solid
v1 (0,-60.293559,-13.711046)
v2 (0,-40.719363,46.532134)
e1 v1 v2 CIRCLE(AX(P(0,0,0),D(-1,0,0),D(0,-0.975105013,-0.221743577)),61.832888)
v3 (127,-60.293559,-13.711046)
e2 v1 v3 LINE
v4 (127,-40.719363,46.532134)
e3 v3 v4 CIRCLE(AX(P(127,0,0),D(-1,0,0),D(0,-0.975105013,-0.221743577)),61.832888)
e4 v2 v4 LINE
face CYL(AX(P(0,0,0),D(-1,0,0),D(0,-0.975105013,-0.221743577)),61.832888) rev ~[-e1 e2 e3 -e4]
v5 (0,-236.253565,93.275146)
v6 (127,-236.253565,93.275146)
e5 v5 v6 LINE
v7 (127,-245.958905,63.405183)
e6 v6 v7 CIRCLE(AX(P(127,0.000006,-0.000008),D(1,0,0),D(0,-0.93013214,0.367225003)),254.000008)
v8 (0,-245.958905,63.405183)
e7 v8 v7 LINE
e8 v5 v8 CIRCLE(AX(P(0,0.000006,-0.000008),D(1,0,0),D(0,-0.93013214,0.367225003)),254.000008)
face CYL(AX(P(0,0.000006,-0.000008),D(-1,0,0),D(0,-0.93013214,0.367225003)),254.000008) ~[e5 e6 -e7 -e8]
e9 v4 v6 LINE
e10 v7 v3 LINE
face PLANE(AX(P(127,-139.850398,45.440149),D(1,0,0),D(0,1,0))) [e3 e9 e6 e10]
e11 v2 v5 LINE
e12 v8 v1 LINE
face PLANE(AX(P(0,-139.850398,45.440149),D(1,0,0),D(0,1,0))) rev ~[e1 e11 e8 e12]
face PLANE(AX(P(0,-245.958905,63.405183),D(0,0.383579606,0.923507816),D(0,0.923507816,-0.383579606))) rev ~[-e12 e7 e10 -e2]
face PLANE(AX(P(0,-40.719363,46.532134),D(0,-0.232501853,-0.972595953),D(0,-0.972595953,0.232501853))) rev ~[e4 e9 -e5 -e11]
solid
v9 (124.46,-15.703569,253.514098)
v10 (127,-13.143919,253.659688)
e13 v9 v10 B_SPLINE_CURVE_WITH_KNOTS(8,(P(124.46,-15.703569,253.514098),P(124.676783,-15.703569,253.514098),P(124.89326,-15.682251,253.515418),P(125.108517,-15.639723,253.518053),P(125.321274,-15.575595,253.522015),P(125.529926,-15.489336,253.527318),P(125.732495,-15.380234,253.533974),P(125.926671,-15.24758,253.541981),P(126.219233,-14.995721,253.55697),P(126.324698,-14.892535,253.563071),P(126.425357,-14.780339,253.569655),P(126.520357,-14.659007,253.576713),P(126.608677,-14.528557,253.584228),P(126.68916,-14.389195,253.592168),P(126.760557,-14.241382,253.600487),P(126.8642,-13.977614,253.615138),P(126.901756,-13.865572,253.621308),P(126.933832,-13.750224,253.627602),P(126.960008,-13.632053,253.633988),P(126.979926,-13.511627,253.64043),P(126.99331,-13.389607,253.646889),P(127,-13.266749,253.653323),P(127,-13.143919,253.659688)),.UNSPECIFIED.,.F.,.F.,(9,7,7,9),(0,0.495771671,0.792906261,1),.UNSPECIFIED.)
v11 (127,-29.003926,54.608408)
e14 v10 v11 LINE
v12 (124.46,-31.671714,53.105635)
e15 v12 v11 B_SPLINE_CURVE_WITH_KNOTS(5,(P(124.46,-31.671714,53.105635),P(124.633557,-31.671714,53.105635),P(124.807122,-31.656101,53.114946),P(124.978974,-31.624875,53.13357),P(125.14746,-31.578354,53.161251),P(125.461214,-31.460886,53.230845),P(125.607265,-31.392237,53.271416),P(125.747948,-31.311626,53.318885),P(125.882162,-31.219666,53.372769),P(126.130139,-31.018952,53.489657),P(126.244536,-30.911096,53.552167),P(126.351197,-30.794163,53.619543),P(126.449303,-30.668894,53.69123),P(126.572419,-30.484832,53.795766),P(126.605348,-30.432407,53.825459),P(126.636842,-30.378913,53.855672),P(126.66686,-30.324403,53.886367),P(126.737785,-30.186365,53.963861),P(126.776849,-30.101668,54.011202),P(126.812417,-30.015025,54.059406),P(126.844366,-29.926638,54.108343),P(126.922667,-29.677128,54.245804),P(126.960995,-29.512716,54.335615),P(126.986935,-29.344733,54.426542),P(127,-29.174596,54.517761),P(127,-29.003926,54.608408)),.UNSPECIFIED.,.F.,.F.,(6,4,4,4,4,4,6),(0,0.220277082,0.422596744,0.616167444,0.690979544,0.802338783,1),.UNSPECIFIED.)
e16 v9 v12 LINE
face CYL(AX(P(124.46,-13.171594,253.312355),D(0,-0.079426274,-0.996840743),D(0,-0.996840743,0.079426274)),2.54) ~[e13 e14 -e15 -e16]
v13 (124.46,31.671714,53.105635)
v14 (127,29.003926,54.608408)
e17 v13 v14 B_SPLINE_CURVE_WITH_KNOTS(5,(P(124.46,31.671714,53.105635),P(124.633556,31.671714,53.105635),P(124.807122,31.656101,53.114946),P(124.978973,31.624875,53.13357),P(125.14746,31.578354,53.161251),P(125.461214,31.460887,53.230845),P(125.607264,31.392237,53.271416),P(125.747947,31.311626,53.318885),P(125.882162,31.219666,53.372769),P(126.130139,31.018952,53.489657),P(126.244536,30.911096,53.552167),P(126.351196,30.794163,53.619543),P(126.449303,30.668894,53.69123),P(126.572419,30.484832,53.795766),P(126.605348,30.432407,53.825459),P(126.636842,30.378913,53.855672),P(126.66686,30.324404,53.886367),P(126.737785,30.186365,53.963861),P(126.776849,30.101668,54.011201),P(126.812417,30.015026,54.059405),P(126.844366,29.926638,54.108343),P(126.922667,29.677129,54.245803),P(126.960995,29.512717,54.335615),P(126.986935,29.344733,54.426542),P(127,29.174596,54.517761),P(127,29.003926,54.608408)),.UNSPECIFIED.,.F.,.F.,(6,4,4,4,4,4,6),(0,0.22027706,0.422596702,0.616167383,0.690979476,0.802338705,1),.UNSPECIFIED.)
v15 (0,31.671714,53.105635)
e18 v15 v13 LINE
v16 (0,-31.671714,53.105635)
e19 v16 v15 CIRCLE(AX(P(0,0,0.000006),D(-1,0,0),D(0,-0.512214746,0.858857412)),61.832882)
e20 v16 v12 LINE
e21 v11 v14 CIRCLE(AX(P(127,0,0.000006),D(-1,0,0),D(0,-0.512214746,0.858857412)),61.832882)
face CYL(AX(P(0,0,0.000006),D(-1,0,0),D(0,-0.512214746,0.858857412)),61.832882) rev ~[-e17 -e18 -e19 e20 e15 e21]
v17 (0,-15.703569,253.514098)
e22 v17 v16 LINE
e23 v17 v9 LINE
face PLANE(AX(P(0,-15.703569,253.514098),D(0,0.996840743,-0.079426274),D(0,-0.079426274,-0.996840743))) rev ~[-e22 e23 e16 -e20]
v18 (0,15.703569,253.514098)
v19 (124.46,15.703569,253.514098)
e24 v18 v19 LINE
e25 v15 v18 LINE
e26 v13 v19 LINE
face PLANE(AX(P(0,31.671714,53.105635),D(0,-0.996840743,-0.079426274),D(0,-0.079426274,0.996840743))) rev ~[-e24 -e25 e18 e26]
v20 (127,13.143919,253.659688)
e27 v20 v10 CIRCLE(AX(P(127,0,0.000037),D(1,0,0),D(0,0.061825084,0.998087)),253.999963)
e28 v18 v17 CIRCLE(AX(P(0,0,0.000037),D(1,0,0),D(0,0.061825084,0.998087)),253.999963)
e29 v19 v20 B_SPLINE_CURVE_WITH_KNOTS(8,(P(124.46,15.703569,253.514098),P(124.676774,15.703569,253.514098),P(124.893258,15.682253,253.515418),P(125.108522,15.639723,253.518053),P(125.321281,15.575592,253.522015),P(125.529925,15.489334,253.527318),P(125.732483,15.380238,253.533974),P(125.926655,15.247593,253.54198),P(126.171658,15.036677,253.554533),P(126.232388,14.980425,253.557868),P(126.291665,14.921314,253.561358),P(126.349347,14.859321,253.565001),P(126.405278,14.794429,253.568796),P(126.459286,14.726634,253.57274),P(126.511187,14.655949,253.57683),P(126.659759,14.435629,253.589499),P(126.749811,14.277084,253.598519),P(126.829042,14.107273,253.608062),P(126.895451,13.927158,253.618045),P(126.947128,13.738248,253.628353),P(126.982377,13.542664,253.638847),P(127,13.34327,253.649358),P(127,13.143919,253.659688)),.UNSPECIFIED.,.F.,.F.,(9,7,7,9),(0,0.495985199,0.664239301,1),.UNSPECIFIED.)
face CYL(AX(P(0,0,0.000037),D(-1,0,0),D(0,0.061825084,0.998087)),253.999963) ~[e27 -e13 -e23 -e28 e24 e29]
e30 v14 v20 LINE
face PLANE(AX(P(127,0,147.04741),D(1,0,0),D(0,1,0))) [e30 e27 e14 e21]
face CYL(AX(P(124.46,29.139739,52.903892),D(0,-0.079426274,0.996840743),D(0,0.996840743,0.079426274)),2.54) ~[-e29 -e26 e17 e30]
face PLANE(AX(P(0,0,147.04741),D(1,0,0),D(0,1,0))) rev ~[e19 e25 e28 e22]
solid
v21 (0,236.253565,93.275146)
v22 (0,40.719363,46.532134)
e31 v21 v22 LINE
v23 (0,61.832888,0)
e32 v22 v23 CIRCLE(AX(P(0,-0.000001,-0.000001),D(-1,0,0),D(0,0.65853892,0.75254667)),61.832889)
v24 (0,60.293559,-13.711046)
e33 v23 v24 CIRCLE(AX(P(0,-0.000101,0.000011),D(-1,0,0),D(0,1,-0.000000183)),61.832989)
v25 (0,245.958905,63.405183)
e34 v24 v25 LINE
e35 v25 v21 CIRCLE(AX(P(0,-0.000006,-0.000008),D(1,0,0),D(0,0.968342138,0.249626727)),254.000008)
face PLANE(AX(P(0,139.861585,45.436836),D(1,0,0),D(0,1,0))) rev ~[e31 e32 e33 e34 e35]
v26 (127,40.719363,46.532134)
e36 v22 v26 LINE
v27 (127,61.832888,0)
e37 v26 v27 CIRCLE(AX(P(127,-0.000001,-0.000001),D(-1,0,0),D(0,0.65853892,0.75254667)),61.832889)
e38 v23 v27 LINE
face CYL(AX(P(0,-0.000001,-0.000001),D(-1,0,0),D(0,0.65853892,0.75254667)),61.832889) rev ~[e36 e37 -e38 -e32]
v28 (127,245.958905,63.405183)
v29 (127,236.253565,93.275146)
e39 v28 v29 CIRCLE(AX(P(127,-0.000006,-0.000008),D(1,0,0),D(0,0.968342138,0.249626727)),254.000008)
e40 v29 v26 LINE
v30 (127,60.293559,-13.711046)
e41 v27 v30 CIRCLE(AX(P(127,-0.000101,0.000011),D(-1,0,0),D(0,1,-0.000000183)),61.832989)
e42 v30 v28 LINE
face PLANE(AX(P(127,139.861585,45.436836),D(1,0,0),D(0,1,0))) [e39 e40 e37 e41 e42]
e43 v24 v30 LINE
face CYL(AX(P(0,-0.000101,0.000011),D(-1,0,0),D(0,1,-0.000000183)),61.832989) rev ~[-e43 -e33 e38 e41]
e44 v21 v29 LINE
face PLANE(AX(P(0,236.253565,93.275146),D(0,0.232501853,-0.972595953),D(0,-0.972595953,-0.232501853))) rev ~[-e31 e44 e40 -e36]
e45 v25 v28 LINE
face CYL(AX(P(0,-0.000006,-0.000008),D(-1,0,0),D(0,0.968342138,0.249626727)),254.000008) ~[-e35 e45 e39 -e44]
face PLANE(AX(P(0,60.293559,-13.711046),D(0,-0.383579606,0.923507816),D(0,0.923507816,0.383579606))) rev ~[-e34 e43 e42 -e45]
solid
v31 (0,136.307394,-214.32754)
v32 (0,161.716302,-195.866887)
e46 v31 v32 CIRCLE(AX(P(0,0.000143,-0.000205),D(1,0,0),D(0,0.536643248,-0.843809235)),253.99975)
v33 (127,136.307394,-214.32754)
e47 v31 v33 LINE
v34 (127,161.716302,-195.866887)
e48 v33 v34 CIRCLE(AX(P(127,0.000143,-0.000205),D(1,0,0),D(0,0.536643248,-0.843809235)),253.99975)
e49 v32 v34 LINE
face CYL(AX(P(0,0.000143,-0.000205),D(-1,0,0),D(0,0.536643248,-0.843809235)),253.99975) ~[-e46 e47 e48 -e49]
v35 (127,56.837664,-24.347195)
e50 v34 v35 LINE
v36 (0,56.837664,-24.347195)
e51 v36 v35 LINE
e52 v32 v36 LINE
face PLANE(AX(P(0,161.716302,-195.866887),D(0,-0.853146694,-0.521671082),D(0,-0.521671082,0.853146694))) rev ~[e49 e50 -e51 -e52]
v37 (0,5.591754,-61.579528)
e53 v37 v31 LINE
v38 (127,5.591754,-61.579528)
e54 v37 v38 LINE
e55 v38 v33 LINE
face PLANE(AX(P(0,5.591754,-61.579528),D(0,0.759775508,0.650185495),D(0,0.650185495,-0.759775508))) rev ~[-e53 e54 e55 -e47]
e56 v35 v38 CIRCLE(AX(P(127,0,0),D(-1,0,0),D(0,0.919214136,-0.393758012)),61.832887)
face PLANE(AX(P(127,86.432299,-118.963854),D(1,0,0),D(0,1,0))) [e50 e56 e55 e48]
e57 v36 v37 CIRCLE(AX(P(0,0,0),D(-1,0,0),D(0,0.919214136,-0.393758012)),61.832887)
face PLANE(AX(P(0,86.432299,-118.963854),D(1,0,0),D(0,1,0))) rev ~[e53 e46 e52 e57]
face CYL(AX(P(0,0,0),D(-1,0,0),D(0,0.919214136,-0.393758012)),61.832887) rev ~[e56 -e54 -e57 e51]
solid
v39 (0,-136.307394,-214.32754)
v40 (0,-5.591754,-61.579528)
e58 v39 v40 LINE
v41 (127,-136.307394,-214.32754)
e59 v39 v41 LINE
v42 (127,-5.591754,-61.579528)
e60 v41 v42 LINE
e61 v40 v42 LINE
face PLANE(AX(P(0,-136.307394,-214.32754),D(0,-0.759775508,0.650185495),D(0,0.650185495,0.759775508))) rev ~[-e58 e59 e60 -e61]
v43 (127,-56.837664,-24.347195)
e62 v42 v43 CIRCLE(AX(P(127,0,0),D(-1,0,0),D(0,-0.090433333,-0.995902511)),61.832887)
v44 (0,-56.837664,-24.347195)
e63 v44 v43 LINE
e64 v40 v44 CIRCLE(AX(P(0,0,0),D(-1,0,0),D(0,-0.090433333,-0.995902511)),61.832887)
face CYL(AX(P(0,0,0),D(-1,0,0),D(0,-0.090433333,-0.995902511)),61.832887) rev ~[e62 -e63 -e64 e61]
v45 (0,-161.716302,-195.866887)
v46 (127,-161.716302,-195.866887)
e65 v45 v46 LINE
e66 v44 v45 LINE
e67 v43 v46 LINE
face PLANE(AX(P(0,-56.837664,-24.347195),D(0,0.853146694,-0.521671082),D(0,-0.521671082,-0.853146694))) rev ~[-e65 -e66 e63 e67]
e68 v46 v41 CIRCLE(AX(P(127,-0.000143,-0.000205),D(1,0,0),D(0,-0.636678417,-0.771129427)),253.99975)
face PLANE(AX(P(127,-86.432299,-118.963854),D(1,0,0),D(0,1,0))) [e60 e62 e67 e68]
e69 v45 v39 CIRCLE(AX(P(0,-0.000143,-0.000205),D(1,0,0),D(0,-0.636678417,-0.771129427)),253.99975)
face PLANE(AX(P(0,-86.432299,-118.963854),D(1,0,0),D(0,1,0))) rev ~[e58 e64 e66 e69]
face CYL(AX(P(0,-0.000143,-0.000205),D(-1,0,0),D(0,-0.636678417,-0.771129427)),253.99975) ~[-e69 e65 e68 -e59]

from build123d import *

# Parameters (mm, degrees)
F1_DEPTH = 127
F2_R     = 2.54


with BuildPart() as f1:
    # F0 (on Right) → F1 (new body)
    with BuildSketch(Plane.YZ):
        with BuildLine():
            Line((60.293559, -13.711046), (245.958905, 63.405183))
            ThreePointArc((245.958905, 63.405183), (241.568355, 78.490317), (236.253565, 93.275146))
            Line((236.253565, 93.275146), (40.719363, 46.532134))
            ThreePointArc((40.719363, 46.532134), (56.307645, 25.549073), (61.832888, 0))
            ThreePointArc((61.832888, 0), (61.44685, -6.898593), (60.293559, -13.711046))
        make_face()
        with BuildLine():
            Line((31.671714, 53.105635), (15.703569, 253.514098))
            ThreePointArc((15.703569, 253.514098), (0, 254), (-15.703569, 253.514098))
            Line((-15.703569, 253.514098), (-31.671714, 53.105635))
            ThreePointArc((-31.671714, 53.105635), (0, 61.832888), (31.671714, 53.105635))
        make_face()
        with BuildLine():
            Line((-40.719363, 46.532134), (-236.253565, 93.275146))
            ThreePointArc((-236.253565, 93.275146), (-241.568355, 78.490317), (-245.958905, 63.405183))
            Line((-245.958905, 63.405183), (-60.293559, -13.711046))
            ThreePointArc((-60.293559, -13.711046), (-58.806571, 19.107413), (-40.719363, 46.532134))
        make_face()
        with BuildLine():
            ThreePointArc((-161.716302, -195.866887), (-149.297454, -205.490317), (-136.307394, -214.32754))
            Line((-136.307394, -214.32754), (-5.591754, -61.579528))
            ThreePointArc((-5.591754, -61.579528), (-36.344459, -50.023857), (-56.837664, -24.347195))
            Line((-56.837664, -24.347195), (-161.716302, -195.866887))
        make_face()
        with BuildLine():
            ThreePointArc((136.307394, -214.32754), (149.297454, -205.490317), (161.716302, -195.866887))
            Line((161.716302, -195.866887), (56.837664, -24.347195))
            ThreePointArc((56.837664, -24.347195), (36.344459, -50.023857), (5.591754, -61.579528))
            Line((5.591754, -61.579528), (136.307394, -214.32754))
        make_face()
    extrude(amount=F1_DEPTH)

    # F2
    f2_edges = [f1.edges().sort_by_distance(p)[0] for p in [
        (127, 23.687642, 153.309867),
        (127, -23.687642, 153.309867),
    ]]
    fillet(f2_edges, radius=F2_R)


solid = f1.part
